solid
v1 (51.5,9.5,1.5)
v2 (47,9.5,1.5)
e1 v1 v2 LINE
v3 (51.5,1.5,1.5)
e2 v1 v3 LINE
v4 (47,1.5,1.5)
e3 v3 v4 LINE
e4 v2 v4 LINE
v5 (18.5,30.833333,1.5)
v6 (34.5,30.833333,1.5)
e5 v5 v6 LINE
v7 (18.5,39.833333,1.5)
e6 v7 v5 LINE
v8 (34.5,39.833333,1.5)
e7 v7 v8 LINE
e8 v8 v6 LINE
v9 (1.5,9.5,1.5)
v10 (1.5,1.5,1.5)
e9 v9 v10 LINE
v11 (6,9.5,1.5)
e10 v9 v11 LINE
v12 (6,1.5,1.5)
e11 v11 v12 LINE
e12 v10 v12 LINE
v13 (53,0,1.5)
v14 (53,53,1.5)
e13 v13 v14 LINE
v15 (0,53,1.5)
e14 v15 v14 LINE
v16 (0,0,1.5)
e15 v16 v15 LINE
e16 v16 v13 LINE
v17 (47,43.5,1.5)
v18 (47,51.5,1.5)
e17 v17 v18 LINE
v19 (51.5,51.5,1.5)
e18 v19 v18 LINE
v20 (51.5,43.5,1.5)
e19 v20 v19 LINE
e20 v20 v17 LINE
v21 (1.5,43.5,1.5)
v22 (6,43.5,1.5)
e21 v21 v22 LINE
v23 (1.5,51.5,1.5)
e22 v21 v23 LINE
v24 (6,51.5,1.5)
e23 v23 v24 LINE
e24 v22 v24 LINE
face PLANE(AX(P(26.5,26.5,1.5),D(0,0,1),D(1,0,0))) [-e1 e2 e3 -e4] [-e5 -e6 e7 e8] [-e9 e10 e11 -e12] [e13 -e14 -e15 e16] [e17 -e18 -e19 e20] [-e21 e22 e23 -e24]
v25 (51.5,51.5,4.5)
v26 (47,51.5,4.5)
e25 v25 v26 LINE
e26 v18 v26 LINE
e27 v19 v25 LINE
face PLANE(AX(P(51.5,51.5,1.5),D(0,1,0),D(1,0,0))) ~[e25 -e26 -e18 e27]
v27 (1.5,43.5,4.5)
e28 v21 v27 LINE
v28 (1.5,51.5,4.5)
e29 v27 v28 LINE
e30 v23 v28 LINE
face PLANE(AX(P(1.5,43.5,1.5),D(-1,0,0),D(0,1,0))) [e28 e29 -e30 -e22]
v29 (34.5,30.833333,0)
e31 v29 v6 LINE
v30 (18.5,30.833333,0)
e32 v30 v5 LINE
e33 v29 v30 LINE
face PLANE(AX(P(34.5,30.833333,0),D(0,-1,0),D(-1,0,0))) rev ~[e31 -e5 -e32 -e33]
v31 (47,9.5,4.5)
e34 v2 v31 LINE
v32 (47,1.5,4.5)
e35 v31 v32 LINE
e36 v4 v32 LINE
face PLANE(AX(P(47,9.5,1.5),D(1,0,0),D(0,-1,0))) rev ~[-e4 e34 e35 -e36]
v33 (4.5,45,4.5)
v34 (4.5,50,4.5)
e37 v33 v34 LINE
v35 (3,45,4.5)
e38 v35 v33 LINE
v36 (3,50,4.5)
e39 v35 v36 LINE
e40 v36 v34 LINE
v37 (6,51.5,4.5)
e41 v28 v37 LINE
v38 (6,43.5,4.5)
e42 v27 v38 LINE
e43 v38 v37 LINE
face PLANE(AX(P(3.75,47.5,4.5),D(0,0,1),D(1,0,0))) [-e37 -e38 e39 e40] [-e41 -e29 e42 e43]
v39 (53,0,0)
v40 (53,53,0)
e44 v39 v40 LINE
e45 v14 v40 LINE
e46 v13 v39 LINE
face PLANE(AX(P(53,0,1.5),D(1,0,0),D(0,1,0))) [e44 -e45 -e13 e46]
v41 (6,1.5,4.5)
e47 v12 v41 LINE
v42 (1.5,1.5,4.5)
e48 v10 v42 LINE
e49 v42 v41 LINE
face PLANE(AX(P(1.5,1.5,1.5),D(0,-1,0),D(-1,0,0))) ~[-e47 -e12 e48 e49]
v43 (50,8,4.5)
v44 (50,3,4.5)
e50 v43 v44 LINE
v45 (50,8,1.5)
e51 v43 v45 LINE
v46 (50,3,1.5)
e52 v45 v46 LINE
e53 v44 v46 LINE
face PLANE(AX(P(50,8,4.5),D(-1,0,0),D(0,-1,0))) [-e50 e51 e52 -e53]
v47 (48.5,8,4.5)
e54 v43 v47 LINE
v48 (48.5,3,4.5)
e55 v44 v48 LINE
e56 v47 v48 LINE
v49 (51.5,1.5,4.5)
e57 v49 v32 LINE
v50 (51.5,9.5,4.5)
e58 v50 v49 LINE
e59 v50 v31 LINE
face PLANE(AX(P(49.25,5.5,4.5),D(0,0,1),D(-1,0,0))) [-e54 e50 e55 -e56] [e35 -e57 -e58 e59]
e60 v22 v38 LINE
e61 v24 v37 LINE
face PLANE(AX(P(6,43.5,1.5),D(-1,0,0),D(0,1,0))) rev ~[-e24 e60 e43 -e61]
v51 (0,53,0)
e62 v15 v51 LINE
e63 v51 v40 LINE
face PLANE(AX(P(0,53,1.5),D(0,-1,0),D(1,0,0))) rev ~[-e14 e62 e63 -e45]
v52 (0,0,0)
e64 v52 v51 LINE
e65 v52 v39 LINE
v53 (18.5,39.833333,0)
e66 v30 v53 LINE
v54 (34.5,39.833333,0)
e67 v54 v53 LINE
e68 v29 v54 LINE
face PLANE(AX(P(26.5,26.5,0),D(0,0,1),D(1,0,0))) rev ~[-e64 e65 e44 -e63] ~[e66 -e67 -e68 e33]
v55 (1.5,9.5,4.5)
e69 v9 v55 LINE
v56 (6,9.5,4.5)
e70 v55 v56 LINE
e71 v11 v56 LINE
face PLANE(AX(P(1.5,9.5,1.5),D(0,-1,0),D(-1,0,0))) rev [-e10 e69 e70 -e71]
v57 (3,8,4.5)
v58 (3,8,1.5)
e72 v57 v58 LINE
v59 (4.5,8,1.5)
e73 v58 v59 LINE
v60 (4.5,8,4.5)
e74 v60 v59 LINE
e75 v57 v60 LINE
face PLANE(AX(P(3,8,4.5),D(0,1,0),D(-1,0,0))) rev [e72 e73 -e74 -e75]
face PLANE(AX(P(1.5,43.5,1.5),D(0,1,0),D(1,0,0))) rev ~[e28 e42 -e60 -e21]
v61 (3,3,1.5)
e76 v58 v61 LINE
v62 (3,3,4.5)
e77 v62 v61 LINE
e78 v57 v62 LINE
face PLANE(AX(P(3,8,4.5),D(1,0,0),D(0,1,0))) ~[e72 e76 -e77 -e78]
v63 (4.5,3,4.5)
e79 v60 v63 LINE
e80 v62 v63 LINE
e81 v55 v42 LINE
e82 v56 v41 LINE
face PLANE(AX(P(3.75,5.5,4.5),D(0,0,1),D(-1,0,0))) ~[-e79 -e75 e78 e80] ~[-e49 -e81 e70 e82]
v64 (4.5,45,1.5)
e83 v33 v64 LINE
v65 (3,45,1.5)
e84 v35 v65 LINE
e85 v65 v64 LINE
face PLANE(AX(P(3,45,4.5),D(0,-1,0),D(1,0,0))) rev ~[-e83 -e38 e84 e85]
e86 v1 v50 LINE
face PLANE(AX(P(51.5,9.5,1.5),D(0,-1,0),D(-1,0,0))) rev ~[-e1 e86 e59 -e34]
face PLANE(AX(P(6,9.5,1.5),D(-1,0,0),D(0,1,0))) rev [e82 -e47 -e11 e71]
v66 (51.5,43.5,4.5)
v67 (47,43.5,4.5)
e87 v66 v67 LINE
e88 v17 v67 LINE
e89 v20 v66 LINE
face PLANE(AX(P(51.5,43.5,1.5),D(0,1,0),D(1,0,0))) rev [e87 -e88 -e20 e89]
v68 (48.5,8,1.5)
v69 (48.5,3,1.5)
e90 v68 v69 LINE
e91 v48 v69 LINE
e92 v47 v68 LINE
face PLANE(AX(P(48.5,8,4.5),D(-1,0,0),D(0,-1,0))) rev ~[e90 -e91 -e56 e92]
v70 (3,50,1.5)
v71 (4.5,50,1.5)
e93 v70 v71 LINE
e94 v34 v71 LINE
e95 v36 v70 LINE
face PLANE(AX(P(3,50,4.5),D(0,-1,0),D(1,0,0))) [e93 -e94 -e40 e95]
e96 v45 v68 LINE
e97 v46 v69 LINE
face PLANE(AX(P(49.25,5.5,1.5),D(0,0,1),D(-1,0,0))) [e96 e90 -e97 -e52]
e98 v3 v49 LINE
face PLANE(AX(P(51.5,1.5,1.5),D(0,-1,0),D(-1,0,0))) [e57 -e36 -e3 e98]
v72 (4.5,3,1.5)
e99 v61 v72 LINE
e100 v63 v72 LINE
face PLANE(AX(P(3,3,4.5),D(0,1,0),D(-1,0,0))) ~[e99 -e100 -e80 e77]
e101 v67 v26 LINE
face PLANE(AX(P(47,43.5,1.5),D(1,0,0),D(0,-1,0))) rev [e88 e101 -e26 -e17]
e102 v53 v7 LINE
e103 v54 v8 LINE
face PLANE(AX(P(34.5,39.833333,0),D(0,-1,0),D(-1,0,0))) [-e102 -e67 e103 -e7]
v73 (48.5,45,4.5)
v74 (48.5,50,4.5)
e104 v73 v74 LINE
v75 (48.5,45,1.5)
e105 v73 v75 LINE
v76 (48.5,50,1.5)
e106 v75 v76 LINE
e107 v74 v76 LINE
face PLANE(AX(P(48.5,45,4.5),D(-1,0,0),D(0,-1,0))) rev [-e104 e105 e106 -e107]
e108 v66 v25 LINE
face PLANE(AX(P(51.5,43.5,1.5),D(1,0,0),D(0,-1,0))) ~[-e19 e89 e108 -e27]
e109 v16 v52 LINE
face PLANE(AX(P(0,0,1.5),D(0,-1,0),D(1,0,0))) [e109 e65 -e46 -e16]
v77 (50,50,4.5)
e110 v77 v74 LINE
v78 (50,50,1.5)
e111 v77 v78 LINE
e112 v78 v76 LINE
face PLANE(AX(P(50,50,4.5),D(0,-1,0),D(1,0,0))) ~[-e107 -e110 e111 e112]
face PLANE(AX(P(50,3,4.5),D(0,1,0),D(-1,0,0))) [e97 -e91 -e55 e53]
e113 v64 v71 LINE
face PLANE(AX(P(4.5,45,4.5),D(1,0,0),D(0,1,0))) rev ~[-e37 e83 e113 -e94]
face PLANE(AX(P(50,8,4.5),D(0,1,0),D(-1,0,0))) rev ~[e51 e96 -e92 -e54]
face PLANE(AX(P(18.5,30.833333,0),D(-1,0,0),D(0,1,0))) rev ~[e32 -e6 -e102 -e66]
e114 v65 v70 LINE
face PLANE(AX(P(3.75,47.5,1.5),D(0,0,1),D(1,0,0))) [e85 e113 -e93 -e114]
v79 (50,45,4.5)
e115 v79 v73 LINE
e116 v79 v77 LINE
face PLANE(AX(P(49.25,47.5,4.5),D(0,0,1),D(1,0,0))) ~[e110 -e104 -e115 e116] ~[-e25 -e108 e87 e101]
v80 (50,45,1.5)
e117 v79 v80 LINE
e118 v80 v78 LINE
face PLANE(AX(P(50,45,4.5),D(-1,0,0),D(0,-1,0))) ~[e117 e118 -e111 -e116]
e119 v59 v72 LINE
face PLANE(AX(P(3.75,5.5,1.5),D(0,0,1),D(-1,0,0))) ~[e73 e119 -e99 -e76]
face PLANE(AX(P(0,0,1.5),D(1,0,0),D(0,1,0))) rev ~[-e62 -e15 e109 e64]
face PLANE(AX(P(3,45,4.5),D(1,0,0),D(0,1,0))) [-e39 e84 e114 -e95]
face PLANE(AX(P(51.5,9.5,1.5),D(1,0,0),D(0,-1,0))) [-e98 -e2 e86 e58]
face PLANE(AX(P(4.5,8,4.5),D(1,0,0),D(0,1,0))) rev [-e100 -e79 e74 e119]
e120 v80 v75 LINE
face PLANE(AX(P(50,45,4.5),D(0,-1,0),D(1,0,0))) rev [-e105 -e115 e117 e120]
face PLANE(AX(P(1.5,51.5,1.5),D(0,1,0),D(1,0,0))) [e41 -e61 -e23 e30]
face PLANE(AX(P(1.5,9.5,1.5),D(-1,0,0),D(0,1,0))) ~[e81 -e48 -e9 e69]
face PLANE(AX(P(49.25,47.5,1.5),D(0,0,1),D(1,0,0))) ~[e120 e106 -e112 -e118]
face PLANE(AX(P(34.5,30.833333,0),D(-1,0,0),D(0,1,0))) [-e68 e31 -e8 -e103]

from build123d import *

# Parameters (mm, degrees)
SKETCH1_W               = 53
SKETCH1_H               = 53
BOSS_EXTRUDE1_DEPTH     = 1.5
SKETCH2_W               = 16
SKETCH2_H               = 9
CUT_EXTRUDE1_DEPTH      = 75.968326645
SKETCH3_W               = 4.5
SKETCH3_H               = 8
BOSS_EXTRUDE2_DEPTH     = 3
SKETCH4_W               = 1.5
SKETCH4_H               = 5.000000074
CUT_EXTRUDE2_DEPTH      = 3
MIRROR2_COPY_1_SKETCH_W = 4.5
MIRROR2_COPY_1_SKETCH_H = 8
MIRROR2_COPY_1_DEPTH    = 3
MIRROR2_COPY_2_SKETCH_W = 1.5
MIRROR2_COPY_2_SKETCH_H = 5.000000074
MIRROR2_COPY_2_DEPTH    = 3


with BuildPart() as part:
    # Sketch1 → Boss-Extrude1 (new body)
    with BuildSketch(Plane.XY.offset(1.5)):
        with Locations((26.5, 26.5)):
            Rectangle(SKETCH1_W, SKETCH1_H)
    extrude(amount=-BOSS_EXTRUDE1_DEPTH)

    # Sketch2 → Cut-Extrude1 (cut, through all)
    with BuildSketch(Plane(origin=(0, 0, 0), x_dir=(-1, 0, 0), z_dir=(0, 0, -1))):
        with Locations((-26.5, 35.333333333)):
            Rectangle(SKETCH2_W, SKETCH2_H)
    extrude(amount=-CUT_EXTRUDE1_DEPTH, mode=Mode.SUBTRACT)

    # Sketch3 → Boss-Extrude2 (add)
    with BuildSketch(Plane.XY.offset(1.5)):
        with Locations((3.75, 47.5)):
            Rectangle(SKETCH3_W, SKETCH3_H)
    boss_extrude2 = extrude(amount=BOSS_EXTRUDE2_DEPTH)

    # Sketch4 → Cut-Extrude2 (cut)
    with BuildSketch(Plane.XY.offset(4.5)):
        with Locations((3.75, 47.5)):
            Rectangle(SKETCH4_W, SKETCH4_H)
    cut_extrude2 = extrude(amount=-CUT_EXTRUDE2_DEPTH, mode=Mode.SUBTRACT)

    # Mirror1: Boss-Extrude2, Cut-Extrude2 across plane
    add(boss_extrude2.mirror(Plane.ZY.offset(-26.5)))
    add(cut_extrude2.mirror(Plane.ZY.offset(-26.5)), mode=Mode.SUBTRACT)

    # Mirror2: Boss-Extrude2, Cut-Extrude2 across plane
    add(boss_extrude2.mirror(Plane.ZX.offset(26.5)))
    add(cut_extrude2.mirror(Plane.ZX.offset(26.5)), mode=Mode.SUBTRACT)

    # Mirror2 copy 1 sketch → Mirror2 copy 1 (add)
    with BuildSketch(Plane(origin=(53, 53, 1.5), x_dir=(-1, 0, 0), z_dir=(0, 0, 1))):
        with Locations((3.75, 47.5)):
            Rectangle(MIRROR2_COPY_1_SKETCH_W, MIRROR2_COPY_1_SKETCH_H)
    extrude(amount=MIRROR2_COPY_1_DEPTH)

    # Mirror2 copy 2 sketch → Mirror2 copy 2 (cut)
    with BuildSketch(Plane(origin=(53, 53, 4.5), x_dir=(-1, 0, 0), z_dir=(0, 0, 1))):
        with Locations((3.75, 47.5)):
            Rectangle(MIRROR2_COPY_2_SKETCH_W, MIRROR2_COPY_2_SKETCH_H)
    extrude(amount=-MIRROR2_COPY_2_DEPTH, mode=Mode.SUBTRACT)


solid = part.part
